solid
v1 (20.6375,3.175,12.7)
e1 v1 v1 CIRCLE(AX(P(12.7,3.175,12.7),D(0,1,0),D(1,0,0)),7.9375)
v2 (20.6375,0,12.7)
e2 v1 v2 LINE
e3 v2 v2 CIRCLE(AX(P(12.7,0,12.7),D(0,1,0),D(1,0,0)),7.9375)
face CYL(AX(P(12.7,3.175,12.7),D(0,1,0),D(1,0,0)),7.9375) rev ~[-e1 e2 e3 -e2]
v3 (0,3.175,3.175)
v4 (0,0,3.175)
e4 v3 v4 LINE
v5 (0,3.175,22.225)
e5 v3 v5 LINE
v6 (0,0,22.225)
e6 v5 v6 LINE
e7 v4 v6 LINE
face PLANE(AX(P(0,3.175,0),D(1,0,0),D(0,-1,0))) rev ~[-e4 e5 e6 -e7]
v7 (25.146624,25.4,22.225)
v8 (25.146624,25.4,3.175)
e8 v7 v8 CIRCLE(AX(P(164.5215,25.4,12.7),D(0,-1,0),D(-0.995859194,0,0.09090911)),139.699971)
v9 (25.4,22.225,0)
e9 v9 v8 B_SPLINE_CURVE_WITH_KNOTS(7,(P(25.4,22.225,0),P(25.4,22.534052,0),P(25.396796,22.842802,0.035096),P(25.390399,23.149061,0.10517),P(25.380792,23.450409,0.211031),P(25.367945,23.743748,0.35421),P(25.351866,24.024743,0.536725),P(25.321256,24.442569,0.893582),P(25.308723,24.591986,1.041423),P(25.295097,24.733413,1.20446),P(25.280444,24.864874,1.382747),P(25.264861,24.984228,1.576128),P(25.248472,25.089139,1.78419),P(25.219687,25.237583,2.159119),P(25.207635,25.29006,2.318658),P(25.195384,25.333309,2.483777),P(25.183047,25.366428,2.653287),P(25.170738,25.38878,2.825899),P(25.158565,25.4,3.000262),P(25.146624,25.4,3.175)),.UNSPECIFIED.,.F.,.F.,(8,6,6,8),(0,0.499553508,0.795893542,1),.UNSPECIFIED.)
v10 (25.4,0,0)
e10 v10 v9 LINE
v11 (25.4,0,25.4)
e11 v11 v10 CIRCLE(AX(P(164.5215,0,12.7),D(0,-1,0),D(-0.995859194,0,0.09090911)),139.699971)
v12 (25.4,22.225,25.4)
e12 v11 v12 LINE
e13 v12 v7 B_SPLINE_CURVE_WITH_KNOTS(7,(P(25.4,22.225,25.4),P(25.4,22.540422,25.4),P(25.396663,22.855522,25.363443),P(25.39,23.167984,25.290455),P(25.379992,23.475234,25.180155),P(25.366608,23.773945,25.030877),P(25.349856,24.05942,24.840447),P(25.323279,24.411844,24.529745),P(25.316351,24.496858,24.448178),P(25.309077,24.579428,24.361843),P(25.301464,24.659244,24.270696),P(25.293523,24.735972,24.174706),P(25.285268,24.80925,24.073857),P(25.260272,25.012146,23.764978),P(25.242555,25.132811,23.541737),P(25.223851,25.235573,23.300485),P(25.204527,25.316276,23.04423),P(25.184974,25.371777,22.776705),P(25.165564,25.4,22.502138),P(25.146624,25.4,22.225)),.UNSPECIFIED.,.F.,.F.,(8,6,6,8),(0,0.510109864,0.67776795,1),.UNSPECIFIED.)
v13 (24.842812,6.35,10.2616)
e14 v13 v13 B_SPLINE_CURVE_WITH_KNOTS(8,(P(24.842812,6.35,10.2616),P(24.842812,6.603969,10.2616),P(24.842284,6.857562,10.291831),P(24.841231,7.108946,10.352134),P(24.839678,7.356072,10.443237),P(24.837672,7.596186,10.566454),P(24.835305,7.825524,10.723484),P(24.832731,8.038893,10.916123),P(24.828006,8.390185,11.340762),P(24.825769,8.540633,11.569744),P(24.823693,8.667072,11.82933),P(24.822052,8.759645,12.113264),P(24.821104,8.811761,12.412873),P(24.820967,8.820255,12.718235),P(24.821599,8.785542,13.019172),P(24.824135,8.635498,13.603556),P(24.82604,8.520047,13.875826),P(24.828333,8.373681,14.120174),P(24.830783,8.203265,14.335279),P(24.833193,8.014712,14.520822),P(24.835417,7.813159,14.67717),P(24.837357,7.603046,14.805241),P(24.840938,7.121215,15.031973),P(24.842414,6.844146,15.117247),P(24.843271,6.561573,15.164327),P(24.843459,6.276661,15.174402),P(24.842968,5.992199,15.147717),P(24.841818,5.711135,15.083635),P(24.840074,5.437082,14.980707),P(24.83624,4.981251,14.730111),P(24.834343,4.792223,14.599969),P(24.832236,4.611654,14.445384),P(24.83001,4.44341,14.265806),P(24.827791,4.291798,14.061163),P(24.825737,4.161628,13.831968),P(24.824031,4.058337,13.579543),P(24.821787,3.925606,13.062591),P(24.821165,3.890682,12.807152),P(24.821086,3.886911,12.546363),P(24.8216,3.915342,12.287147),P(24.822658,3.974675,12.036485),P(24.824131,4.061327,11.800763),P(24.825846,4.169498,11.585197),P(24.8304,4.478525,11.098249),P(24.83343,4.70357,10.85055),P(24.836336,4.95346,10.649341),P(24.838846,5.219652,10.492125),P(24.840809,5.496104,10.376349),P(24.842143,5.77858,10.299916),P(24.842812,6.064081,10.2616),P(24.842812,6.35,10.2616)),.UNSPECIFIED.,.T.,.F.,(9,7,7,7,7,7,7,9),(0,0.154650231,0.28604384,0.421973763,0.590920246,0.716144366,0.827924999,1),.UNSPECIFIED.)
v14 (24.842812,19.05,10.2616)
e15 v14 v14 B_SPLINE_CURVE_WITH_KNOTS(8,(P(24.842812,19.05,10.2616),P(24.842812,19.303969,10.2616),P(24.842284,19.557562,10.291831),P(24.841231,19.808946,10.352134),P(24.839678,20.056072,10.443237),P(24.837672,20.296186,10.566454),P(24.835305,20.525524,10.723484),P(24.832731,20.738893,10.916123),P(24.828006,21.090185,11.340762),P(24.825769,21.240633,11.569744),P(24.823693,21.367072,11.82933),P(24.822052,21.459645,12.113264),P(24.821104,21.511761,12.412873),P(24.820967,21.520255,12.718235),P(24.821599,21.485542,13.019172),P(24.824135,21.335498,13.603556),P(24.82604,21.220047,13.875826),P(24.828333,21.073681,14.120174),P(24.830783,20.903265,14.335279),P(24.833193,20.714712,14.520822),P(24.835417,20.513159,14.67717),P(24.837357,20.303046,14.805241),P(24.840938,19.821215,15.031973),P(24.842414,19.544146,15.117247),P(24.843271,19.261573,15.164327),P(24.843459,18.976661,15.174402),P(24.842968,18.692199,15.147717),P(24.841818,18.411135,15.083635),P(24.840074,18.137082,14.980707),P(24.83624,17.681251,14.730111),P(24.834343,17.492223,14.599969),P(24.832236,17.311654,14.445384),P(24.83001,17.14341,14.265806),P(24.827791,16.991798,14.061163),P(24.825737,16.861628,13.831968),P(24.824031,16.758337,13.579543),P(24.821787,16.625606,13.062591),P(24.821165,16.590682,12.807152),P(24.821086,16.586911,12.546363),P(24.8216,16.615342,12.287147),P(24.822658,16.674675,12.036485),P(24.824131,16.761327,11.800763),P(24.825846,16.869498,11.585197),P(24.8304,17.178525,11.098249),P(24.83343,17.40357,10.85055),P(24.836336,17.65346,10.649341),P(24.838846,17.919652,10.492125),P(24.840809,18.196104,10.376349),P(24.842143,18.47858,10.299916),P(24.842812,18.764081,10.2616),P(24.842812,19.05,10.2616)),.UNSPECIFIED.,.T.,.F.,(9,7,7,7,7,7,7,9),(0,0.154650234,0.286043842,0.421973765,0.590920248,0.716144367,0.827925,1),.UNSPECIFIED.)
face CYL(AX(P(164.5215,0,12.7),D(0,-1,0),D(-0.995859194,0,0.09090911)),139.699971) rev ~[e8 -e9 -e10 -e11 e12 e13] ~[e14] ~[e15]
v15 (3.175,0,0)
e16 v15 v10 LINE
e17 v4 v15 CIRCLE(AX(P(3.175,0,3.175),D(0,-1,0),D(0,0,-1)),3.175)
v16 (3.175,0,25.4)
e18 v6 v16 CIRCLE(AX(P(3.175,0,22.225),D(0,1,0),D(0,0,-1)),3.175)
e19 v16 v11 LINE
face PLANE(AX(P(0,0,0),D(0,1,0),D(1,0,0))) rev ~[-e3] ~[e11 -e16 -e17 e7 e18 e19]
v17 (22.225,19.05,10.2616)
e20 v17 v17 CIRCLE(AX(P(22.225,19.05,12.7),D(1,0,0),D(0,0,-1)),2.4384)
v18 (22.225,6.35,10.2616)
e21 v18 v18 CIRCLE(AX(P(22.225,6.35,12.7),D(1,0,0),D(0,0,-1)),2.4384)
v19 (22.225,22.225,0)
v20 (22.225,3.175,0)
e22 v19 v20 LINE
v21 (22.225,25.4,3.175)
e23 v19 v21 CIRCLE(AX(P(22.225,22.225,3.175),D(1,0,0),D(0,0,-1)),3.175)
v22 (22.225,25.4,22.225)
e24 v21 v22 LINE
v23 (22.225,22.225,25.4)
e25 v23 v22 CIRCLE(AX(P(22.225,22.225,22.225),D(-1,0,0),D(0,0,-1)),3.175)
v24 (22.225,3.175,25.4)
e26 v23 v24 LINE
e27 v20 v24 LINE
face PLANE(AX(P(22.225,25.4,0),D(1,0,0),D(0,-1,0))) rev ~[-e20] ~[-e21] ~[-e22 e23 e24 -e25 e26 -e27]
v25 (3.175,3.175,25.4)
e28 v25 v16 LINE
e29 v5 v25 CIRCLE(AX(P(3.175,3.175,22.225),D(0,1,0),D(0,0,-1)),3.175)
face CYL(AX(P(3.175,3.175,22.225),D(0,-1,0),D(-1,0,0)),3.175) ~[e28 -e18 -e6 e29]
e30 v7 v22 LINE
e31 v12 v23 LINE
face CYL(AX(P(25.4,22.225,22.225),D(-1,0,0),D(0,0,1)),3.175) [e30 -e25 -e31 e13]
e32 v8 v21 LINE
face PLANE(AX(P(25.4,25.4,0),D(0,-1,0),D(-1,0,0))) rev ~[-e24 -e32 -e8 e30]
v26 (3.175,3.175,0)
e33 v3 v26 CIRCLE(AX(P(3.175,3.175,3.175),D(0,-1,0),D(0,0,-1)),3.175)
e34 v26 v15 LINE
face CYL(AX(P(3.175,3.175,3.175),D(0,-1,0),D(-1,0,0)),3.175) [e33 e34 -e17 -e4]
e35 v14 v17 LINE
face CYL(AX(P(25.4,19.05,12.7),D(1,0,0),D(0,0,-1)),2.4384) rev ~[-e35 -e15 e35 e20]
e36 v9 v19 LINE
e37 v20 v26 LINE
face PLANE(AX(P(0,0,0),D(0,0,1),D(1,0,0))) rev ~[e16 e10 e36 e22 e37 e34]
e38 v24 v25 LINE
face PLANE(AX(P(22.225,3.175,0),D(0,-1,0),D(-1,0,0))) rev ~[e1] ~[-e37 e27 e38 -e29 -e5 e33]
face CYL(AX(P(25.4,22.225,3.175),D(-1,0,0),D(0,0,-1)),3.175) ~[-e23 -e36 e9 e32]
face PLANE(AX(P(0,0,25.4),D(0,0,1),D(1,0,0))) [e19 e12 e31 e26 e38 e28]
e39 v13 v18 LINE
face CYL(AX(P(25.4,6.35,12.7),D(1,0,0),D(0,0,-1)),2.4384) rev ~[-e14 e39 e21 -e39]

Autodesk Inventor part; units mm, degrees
ref_plane "YZ Plane" through (0, 0, 0) normal (1, 0, 0) x (0, 1, 0)
ref_plane "XZ Plane" through (0, 0, 0) normal (0, 1, 0) x (-1, 0, 0)
ref_plane "XY Plane" through (0, 0, 0) normal (0, 0, 1) x (1, 0, 0)
sketch "Sketch1" plane through (0, 0, 0) normal (0, 0, 1) x (1, 0, 0)
  line L0 (0, 0) -> (25.4, 0)
  line L1 (25.4, 0) -> (25.4, 25.4)
  line L2 (25.4, 25.4) -> (22.225, 25.4)
  line L3 (22.225, 25.4) -> (22.225, 3.175)
  line L4 (22.225, 3.175) -> (0, 3.175)
  line L5 (0, 3.175) -> (0, 0)
  dimension "d0" = 3.175
  dimension "d1" = 25.4
extrude "Extrusion1" add sketch "Sketch1" along normal blind 25.4
sketch "Sketch2" plane through (25.4, 0, 0) normal (1, 0, 0) x (0, 0, -1)
  line L0 (0, 0) -> (0, 25.4) projected
  line L1 (0, 25.4) -> (-25.4, 25.4) projected
  circle A0 centre (-12.7, 19.05) radius 2.4384
  circle A1 centre (-12.7, 6.35) radius 2.4384
  line L2 (-12.7, 19.05) -> (-12.7, 6.35) construction
  dimension "d4" = 4.8768
  dimension "d5" = 4.8768
  dimension "d6" = 12.7
  dimension "d7" = 12.7
  dimension "d8" = 6.35
extrude "Extrusion2" cut sketch "Sketch2" against normal through all
sketch "Sketch3" plane through (0, 3.175, 0) normal (0, 1, 0) x (1, 0, 0)
  line L0 (0, -25.4) -> (22.225, -25.4) projected
  line L1 (0, 0) -> (0, -25.4) projected
  circle A0 centre (12.7, -12.7) radius 7.9375
  dimension "d11" = 12.7
  dimension "d12" = 12.7
  dimension "d13" = 15.875
extrude "Extrusion3" cut sketch "Sketch3" against normal up to next
fillet "Fillet1" radius 3.175 4 edges at (0, 1.5875, 0) (0, 1.5875, 25.4) (23.8125, 25.4, 25.4) (23.8125, 25.4, 0)
sketch "Sketch4" plane through (25.4, 0, 0) normal (0, -1, 0) x (1, 0, 0)
  line L0 (0, 0) -> (0, 25.4) projected
  arc A0 (0, 25.4) -> (0, 0) centre (139.1215, 12.7) ccw
  line L1 (0, 25.4) -> (0, 0)
  point P0 (-25.4, 0)
  dimension "d17" = 139.7
extrude "Extrusion4" cut sketch "Sketch4" against normal through all
properties part number "HopperMount"
